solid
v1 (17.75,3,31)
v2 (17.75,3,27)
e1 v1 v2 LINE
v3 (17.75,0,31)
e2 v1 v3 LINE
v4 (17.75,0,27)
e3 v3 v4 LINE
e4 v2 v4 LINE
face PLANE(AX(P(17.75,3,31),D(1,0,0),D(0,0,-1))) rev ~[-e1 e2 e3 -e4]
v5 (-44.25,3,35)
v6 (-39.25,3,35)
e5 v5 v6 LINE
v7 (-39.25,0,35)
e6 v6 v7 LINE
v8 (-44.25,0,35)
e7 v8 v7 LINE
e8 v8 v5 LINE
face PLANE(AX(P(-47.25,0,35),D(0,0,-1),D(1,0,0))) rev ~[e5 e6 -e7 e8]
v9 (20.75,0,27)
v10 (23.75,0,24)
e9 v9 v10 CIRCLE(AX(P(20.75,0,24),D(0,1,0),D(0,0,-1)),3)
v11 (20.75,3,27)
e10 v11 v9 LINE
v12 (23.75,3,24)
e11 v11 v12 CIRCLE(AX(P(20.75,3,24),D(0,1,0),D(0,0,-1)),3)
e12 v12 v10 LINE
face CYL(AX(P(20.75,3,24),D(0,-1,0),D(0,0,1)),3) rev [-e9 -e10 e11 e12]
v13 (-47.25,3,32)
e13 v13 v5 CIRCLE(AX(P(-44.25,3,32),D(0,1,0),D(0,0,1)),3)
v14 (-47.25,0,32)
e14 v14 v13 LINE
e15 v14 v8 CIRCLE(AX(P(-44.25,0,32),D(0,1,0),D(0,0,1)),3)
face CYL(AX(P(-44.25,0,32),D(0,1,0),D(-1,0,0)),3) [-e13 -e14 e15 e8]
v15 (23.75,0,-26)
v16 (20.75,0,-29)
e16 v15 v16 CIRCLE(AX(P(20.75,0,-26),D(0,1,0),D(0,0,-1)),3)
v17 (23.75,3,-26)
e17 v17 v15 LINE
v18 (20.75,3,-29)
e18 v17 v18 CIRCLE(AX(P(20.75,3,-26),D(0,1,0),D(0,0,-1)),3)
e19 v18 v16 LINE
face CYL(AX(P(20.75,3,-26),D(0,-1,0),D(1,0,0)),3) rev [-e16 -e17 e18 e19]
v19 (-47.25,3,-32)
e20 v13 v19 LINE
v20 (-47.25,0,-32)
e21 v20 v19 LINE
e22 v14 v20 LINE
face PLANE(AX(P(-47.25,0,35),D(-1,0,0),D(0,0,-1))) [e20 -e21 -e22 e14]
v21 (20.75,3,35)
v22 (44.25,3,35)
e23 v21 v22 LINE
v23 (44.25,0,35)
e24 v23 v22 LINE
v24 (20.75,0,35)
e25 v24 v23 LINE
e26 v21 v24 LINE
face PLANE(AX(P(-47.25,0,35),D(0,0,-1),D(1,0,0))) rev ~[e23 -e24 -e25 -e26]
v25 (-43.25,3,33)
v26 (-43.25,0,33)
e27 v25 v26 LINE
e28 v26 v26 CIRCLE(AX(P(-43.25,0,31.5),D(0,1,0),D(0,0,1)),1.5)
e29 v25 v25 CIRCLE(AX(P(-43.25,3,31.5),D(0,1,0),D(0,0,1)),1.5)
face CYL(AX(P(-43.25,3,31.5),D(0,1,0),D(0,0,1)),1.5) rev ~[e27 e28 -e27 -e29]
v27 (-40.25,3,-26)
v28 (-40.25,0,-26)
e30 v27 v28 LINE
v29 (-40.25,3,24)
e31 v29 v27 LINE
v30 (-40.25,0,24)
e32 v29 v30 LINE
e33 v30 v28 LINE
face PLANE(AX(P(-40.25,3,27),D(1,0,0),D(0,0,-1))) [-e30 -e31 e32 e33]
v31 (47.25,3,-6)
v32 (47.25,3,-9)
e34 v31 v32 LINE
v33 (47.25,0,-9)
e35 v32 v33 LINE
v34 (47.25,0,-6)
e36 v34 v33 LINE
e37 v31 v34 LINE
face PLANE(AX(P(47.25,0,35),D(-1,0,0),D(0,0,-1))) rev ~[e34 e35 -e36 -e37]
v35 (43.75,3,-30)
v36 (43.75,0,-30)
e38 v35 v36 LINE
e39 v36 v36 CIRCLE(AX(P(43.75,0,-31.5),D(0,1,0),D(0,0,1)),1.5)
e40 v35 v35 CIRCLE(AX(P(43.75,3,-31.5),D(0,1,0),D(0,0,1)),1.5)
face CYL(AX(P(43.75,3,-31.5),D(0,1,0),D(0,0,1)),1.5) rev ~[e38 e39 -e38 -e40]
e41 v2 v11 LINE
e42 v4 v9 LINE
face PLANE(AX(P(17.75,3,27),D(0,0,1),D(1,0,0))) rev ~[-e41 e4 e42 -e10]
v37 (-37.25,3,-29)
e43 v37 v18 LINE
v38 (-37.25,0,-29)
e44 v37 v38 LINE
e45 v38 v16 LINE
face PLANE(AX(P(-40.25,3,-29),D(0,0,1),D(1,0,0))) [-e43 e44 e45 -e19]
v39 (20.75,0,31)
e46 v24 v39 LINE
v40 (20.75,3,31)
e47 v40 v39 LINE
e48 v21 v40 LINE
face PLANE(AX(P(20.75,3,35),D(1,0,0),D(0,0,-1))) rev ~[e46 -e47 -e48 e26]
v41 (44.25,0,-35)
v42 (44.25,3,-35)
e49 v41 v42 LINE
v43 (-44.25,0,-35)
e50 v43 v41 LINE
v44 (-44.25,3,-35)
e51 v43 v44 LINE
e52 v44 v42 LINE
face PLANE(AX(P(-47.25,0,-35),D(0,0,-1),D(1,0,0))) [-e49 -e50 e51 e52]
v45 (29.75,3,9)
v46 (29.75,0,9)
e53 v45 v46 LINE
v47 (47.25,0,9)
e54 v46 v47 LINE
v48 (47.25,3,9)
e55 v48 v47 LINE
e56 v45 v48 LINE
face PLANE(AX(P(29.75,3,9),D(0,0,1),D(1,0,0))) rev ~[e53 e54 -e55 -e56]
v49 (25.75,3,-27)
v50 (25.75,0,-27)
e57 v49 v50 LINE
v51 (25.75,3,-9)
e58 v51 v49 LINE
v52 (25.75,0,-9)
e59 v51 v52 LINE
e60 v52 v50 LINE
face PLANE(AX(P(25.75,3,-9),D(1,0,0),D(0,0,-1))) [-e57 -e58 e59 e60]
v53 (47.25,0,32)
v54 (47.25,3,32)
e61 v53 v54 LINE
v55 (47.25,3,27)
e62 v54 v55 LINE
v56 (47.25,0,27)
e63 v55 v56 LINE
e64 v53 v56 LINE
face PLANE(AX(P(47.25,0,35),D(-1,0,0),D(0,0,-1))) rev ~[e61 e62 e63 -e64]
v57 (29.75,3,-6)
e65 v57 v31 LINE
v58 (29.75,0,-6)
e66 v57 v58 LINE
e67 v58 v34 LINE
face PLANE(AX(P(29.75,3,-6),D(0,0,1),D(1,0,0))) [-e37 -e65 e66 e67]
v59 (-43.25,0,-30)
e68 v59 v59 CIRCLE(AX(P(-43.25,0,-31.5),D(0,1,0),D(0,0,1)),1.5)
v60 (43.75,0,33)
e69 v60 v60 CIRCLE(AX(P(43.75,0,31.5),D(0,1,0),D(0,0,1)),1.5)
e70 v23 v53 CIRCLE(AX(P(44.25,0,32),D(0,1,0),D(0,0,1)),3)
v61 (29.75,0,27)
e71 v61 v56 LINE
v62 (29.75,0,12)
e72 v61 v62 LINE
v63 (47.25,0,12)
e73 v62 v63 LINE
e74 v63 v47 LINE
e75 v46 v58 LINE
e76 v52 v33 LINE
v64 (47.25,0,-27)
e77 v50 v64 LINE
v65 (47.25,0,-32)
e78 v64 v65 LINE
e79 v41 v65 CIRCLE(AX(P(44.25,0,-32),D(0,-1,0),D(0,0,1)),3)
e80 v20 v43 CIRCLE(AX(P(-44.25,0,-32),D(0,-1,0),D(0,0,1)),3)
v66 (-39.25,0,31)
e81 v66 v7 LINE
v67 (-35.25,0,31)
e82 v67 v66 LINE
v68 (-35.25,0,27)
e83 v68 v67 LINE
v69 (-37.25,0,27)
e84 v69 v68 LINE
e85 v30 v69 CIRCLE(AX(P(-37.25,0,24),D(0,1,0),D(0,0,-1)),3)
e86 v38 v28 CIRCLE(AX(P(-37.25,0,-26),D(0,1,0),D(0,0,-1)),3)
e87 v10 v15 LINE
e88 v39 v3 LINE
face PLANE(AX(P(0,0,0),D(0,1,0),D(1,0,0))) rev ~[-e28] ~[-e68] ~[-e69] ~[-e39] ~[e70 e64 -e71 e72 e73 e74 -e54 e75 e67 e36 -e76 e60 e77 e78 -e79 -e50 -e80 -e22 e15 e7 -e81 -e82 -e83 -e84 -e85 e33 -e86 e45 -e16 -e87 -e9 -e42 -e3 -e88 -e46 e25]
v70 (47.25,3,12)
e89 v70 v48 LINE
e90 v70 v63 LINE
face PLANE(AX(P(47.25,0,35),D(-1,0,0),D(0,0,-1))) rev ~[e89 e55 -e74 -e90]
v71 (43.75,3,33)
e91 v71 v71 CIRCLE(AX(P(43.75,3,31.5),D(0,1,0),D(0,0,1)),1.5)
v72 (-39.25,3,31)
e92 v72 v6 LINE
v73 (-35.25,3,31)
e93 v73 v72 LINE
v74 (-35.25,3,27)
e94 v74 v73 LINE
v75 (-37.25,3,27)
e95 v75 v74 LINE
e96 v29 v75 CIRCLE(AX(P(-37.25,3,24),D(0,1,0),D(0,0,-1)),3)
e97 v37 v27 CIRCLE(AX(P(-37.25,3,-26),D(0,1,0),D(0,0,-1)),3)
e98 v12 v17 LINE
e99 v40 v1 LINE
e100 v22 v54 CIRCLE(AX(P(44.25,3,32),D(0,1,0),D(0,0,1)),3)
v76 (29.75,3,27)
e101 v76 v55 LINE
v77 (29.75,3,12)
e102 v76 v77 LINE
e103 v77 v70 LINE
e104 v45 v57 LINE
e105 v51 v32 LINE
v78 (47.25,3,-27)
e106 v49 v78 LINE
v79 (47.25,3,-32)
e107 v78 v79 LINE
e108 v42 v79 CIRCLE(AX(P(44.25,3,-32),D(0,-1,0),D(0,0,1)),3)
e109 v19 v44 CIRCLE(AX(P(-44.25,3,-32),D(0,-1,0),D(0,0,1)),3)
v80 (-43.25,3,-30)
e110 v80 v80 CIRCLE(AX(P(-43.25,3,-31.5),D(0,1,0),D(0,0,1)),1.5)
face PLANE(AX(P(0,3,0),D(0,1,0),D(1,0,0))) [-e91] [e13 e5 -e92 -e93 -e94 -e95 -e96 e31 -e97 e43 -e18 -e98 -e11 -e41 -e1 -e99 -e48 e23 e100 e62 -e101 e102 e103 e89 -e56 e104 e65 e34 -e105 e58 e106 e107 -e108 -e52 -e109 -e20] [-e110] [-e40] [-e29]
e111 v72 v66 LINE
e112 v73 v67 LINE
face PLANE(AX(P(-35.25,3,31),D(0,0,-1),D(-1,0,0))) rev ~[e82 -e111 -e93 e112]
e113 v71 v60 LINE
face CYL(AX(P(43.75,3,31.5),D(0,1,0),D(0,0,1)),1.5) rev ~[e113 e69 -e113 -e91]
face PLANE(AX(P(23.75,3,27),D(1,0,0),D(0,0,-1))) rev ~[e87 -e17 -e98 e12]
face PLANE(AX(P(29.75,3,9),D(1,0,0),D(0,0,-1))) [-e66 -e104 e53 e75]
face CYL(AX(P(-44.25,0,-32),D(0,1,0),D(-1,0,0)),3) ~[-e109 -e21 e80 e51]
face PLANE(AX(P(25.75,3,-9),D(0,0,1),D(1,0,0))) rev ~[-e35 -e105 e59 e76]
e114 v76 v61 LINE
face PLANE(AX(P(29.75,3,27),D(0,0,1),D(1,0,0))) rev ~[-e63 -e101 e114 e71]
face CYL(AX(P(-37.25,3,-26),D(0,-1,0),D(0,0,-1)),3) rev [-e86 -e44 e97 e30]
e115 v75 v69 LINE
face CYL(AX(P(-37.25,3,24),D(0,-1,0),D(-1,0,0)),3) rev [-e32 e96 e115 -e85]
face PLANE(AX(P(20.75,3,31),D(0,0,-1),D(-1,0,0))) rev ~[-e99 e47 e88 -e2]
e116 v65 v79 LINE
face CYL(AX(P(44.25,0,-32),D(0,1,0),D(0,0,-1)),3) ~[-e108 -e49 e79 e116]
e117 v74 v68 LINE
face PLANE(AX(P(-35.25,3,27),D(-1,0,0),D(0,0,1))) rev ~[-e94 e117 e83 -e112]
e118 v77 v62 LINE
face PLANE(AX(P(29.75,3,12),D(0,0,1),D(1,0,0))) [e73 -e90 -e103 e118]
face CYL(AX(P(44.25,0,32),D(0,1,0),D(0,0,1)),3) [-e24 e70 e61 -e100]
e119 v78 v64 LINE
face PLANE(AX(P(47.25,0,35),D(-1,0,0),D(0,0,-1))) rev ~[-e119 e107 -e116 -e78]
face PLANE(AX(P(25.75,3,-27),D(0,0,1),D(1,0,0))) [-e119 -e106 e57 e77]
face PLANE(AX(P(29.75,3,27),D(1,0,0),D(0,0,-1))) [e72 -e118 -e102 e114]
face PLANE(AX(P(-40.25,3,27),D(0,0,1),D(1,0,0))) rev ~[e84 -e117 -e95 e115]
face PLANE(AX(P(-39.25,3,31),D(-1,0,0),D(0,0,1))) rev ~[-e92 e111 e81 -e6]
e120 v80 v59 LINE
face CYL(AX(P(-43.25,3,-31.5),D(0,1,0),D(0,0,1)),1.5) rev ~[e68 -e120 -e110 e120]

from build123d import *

# Parameters (mm, degrees)
SKETCH1_W           = 94.5
SKETCH1_H           = 70
BOSS_EXTRUDE1_DEPTH = 3
SKETCH3_R           = 1.5
CUT_EXTRUDE2_DEPTH  = 59.877521177
FILLET2_R           = 3
SKETCH5_W           = 64
SKETCH5_H           = 56
SKETCH5_W_2         = 21.5
SKETCH5_H_2         = 18
SKETCH5_W_3         = 17.5
SKETCH5_H_3         = 15
CUT_EXTRUDE3_DEPTH  = 59.877521177
FILLET3_R           = 3


with BuildPart() as part:
    # Sketch1 → Boss-Extrude1 (new body)
    with BuildSketch(Plane(origin=(0, 0, 0), x_dir=(1, 0, 0), z_dir=(0, 1, 0))):
        Rectangle(SKETCH1_W, SKETCH1_H)
    extrude(amount=BOSS_EXTRUDE1_DEPTH)

    # Sketch3 → Cut-Extrude2 (cut, through all)
    with BuildSketch(Plane(origin=(0, 3, 0), x_dir=(1, 0, 0), z_dir=(0, 1, 0))):
        with Locations(Location((43.75, 31.5, 0), (0, 0, 270))):
            Circle(SKETCH3_R)
        with Locations(Location((-43.25, 31.5, 0), (0, 0, 270))):
            Circle(SKETCH3_R)
        with Locations(Location((-43.25, -31.5, 0), (0, 0, 270))):
            Circle(SKETCH3_R)
        with Locations(Location((43.75, -31.5, 0), (0, 0, 270))):
            Circle(SKETCH3_R)
    extrude(amount=-CUT_EXTRUDE2_DEPTH, mode=Mode.SUBTRACT)

    # Fillet2
    fillet2_edges = [part.edges().sort_by_distance(p)[0] for p in [
        (47.25, 1.5, 35),
        (-47.25, 1.5, 35),
        (-47.25, 1.5, -35),
        (47.25, 1.5, -35),
    ]]
    fillet(fillet2_edges, radius=FILLET2_R)

    # Sketch5 → Cut-Extrude3 (cut, through all)
    with BuildSketch(Plane(origin=(0, 3, 0), x_dir=(1, 0, 0), z_dir=(0, 1, 0))):
        with Locations((-8.25, 1)):
            Rectangle(SKETCH5_W, SKETCH5_H)
        with Locations((36.5, 18)):
            Rectangle(SKETCH5_W_2, SKETCH5_H_2)
        with Locations((38.5, -1.5)):
            Rectangle(SKETCH5_W_3, SKETCH5_H_3)
        with Locations((38.5, -19.5)):
            Rectangle(SKETCH5_W_3, SKETCH5_H_3)
        Polygon((17.75, -27), (-35.25, -27), (-35.25, -31), (-39.25, -31), (-39.25, -35), (20.75, -35), (20.75, -31), (17.75, -31), align=None)
    extrude(amount=-CUT_EXTRUDE3_DEPTH, mode=Mode.SUBTRACT)

    # Fillet3
    fillet3_edges = [part.edges().sort_by_distance(p)[0] for p in [
        (-40.25, 1.5, 27),
        (-40.25, 1.5, -29),
        (23.75, 1.5, -29),
        (23.75, 1.5, 27),
    ]]
    fillet(fillet3_edges, radius=FILLET3_R)


solid = part.part
